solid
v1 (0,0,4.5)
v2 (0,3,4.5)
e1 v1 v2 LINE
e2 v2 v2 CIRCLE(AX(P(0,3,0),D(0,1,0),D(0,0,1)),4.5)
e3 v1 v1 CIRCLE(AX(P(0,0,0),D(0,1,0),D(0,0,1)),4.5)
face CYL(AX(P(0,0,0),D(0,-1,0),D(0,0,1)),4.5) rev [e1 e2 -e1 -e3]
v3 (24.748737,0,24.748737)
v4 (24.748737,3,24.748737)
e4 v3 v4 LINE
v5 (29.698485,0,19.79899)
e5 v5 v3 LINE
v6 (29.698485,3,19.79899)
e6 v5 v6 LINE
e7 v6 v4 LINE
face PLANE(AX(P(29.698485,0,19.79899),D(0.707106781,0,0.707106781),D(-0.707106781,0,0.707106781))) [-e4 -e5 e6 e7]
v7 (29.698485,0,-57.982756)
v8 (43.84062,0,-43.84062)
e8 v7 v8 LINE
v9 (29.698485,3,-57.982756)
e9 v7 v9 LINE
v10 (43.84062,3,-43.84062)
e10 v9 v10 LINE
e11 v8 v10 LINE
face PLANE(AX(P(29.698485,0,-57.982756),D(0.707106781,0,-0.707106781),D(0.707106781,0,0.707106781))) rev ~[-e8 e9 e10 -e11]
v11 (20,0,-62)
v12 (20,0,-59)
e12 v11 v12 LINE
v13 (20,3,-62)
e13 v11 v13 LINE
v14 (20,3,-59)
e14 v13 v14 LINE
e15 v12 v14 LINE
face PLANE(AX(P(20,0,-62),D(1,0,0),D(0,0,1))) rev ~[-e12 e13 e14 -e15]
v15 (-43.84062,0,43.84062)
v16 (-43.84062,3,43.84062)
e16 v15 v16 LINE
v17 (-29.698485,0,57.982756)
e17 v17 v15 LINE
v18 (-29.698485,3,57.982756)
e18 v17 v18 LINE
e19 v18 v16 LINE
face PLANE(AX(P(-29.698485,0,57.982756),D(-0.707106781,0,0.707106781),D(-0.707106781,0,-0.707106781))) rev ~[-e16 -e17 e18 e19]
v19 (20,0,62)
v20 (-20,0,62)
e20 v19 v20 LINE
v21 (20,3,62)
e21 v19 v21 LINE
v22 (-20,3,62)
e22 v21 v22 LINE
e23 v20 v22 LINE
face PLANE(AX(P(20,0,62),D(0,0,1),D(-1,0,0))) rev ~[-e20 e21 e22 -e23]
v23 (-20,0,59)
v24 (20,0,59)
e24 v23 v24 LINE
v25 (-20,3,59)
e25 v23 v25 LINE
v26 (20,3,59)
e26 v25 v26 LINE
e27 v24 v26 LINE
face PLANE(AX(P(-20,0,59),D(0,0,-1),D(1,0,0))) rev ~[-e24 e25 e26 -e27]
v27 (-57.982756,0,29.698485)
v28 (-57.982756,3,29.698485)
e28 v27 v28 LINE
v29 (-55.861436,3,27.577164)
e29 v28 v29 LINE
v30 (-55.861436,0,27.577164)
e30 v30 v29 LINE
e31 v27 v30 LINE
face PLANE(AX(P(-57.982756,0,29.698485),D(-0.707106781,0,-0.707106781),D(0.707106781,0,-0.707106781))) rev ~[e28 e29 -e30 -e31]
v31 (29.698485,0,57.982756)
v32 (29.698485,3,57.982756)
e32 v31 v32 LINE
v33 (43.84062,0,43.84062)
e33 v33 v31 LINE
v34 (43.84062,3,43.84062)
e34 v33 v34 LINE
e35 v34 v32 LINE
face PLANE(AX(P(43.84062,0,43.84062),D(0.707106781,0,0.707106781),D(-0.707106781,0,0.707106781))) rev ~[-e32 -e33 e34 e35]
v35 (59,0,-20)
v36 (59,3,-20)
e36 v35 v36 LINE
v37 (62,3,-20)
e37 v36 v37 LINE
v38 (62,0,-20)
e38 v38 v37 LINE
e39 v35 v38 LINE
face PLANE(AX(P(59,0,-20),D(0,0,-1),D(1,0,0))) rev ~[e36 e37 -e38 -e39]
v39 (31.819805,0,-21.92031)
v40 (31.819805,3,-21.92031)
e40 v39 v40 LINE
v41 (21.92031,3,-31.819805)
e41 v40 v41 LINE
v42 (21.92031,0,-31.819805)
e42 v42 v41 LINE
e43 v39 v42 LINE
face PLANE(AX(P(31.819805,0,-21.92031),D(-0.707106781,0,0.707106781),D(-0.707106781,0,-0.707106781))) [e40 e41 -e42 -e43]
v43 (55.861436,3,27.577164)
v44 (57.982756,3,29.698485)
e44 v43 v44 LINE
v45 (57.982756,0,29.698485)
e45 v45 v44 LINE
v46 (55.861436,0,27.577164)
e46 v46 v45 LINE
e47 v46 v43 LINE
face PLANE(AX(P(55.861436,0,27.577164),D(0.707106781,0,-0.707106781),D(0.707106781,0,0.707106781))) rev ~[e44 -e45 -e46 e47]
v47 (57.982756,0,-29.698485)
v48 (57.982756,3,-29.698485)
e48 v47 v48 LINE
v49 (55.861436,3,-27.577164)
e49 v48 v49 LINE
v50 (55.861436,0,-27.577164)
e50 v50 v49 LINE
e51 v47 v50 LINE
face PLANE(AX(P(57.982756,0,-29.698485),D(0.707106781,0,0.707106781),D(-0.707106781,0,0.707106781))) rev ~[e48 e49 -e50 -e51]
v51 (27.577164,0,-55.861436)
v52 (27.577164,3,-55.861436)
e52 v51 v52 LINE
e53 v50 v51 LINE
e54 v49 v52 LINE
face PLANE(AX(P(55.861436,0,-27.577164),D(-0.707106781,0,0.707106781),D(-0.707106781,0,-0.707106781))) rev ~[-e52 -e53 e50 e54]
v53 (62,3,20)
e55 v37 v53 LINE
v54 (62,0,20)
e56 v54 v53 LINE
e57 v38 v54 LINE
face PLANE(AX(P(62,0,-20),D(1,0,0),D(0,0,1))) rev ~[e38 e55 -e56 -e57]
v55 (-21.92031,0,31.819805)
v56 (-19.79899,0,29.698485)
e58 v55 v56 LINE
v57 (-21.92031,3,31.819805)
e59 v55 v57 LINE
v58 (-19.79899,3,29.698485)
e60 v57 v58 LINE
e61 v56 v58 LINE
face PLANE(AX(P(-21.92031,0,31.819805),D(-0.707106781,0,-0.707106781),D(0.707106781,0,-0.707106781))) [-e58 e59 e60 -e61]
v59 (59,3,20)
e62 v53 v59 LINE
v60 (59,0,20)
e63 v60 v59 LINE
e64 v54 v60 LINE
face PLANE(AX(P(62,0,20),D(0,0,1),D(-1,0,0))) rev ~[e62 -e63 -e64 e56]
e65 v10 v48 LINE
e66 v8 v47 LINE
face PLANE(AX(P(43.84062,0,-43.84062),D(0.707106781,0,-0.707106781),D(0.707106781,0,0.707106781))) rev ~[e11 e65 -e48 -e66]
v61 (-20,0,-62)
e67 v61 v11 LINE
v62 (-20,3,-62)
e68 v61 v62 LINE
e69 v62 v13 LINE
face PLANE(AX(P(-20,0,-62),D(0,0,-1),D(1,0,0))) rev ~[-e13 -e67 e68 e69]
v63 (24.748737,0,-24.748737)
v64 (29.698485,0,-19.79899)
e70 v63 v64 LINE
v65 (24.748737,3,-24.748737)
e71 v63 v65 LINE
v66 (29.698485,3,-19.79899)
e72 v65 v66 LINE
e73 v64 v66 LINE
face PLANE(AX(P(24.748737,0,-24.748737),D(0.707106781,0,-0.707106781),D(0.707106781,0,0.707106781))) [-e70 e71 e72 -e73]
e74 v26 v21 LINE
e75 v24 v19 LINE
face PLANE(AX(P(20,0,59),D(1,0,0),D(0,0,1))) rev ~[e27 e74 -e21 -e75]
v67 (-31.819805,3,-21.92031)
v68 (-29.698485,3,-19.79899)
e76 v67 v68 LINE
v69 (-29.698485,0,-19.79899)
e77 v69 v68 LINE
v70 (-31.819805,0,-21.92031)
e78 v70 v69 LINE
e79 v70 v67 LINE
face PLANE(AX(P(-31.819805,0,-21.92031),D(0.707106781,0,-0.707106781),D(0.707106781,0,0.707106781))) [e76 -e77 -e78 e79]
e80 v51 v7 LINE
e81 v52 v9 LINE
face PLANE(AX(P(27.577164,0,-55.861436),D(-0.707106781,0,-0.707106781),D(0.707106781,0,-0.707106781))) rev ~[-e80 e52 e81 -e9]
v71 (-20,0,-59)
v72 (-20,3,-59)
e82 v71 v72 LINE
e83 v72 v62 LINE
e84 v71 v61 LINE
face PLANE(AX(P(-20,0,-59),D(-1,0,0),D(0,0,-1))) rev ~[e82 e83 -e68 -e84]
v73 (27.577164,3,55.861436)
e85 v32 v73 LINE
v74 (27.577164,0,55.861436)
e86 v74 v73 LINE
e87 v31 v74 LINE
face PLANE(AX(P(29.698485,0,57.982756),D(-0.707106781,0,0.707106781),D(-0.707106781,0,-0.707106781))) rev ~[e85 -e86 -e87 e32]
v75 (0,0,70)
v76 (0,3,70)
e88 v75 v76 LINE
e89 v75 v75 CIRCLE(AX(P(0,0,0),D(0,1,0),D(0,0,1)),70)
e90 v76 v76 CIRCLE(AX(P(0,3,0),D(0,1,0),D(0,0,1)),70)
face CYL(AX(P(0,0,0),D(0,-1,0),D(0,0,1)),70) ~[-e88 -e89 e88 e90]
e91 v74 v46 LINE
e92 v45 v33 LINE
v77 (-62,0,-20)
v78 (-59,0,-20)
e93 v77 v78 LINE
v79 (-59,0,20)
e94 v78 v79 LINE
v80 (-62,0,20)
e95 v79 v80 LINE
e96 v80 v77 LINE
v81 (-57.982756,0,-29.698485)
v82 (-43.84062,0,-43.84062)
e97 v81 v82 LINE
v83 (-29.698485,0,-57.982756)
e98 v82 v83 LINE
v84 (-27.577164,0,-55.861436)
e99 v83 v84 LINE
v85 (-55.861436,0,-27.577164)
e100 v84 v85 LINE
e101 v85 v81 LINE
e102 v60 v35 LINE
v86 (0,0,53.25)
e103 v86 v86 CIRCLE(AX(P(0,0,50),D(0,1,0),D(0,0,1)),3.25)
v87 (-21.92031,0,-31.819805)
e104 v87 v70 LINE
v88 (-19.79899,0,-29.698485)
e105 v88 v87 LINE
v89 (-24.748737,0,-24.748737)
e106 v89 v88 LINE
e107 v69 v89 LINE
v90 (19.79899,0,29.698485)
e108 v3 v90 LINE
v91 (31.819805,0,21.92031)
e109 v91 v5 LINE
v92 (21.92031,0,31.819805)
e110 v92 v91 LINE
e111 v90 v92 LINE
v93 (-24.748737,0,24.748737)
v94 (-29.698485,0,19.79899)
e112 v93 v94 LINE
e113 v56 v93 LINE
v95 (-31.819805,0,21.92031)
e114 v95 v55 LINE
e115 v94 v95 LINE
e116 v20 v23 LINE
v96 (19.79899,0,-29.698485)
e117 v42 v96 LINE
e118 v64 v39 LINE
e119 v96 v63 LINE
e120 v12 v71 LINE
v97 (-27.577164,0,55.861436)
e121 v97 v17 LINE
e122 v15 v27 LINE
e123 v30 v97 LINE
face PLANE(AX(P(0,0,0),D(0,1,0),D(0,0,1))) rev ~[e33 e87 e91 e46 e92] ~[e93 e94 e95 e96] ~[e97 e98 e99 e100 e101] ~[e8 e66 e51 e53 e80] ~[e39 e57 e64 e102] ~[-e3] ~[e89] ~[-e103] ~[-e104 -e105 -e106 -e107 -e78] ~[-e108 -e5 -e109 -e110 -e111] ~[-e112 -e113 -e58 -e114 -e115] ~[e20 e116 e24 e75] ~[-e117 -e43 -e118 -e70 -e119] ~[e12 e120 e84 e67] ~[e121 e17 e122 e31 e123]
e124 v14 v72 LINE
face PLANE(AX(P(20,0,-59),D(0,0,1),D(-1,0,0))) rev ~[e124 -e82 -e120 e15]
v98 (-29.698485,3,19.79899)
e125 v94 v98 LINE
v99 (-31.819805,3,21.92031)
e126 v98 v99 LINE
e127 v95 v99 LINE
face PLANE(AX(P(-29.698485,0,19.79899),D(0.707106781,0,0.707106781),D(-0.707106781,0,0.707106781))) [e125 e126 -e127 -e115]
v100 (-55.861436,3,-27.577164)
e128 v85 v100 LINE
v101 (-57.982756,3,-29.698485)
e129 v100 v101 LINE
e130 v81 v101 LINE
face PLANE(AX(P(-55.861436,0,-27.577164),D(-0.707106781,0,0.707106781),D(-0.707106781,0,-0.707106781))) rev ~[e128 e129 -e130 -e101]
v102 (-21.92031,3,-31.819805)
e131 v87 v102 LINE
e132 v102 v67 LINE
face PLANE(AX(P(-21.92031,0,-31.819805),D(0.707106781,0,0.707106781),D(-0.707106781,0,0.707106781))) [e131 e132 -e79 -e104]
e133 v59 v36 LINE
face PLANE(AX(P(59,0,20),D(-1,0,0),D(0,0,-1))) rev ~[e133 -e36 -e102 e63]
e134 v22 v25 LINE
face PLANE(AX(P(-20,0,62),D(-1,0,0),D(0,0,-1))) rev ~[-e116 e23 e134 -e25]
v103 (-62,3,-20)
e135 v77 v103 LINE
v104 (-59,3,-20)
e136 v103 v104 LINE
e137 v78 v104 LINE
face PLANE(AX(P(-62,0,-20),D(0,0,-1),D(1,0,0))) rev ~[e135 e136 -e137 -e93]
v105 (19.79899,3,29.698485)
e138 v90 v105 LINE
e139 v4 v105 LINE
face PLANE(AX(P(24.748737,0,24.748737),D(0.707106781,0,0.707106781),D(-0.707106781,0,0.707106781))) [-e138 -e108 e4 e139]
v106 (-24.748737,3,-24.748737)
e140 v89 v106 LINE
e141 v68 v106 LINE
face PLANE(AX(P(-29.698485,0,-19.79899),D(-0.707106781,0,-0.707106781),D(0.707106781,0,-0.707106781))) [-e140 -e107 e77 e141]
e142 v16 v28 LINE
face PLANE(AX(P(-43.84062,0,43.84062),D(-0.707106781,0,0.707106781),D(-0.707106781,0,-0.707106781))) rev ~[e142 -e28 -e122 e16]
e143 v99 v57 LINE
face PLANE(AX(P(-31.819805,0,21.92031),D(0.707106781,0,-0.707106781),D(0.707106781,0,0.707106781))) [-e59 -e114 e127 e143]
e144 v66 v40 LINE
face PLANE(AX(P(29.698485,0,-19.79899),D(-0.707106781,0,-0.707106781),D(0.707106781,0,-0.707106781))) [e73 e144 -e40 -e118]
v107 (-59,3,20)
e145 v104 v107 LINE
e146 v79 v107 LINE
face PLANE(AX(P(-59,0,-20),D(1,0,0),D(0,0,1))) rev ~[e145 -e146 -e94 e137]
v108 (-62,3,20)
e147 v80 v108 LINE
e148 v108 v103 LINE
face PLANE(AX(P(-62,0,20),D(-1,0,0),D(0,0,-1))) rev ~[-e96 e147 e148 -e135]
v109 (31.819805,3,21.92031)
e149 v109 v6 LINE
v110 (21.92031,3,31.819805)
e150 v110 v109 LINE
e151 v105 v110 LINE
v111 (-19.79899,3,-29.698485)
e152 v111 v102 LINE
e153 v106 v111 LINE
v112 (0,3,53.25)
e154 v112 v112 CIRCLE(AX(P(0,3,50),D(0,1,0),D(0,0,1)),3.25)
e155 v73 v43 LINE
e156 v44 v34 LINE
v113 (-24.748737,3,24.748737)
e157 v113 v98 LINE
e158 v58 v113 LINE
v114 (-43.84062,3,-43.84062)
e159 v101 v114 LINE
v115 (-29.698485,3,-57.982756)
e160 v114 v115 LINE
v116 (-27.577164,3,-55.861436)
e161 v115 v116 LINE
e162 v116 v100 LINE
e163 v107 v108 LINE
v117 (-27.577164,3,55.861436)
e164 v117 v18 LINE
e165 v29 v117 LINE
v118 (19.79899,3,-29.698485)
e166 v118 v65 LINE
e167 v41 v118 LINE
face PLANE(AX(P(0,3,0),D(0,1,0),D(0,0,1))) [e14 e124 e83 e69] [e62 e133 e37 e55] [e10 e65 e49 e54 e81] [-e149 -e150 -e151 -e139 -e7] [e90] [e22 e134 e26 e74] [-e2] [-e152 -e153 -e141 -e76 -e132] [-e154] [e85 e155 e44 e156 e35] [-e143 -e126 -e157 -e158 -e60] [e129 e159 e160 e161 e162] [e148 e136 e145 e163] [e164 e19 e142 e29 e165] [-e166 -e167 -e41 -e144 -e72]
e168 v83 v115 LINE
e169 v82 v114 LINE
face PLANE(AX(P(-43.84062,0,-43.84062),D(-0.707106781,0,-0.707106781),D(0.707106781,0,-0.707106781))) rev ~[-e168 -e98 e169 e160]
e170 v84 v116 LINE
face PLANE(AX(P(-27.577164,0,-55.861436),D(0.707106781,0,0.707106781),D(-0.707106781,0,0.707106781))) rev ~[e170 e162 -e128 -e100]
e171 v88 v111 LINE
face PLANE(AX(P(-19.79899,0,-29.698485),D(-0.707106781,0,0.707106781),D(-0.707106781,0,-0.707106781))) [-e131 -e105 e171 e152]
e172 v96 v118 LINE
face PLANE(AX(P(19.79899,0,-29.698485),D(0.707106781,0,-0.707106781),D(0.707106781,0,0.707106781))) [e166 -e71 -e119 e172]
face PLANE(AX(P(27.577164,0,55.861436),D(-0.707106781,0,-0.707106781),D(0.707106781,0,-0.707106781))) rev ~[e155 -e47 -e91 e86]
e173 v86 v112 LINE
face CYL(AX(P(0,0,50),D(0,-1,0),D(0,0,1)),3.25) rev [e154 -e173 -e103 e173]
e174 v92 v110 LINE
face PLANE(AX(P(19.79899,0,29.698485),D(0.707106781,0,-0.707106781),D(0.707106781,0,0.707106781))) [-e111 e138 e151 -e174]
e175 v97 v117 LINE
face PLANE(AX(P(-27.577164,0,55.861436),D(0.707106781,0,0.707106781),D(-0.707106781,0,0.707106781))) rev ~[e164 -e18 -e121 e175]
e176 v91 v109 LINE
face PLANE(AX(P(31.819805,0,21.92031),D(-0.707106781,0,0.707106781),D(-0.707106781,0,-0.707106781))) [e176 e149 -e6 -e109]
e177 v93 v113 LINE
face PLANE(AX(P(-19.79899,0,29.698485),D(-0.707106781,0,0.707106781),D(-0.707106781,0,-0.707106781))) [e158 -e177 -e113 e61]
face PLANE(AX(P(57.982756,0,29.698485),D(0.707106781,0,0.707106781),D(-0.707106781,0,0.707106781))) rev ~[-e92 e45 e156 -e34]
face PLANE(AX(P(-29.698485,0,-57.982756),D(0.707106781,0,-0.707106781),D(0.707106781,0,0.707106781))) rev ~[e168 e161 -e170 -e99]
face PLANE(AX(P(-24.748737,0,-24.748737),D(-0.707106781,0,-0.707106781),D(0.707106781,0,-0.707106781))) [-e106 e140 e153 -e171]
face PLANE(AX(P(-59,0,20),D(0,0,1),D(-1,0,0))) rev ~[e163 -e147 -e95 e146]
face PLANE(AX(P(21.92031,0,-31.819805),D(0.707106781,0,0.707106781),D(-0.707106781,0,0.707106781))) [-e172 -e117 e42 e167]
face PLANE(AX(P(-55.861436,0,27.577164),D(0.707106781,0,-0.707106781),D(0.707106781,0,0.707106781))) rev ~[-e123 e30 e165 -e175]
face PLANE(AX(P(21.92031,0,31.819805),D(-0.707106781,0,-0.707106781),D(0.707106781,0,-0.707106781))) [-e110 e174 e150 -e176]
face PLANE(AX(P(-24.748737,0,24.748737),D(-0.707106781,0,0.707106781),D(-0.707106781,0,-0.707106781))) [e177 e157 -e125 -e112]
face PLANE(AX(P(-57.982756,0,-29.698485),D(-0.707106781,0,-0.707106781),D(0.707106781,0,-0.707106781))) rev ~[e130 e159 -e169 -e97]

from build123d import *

# Parameters (mm, degrees)
CROQUIS1_R              = 70
CROQUIS1_R_2            = 4.5
CROQUIS1_R_3            = 3.25
SALIENTE_EXTRUIR1_DEPTH = 3


with BuildPart() as part:
    # Croquis1 → Saliente-Extruir1 (new body)
    with BuildSketch(Plane(origin=(0, 0, 0), x_dir=(1, 0, 0), z_dir=(0, 1, 0))):
        with Locations(Location((0, 0, 0), (0, 0, 270))):
            Circle(CROQUIS1_R)
        with Locations(Location((0, 0, 0), (0, 0, 270))):
            Circle(CROQUIS1_R_2, mode=Mode.SUBTRACT)
        with Locations(Location((0, -50, 0), (0, 0, 270))):
            Circle(CROQUIS1_R_3, mode=Mode.SUBTRACT)
        Polygon((24.748737342, 24.748737342), (29.69848481, 19.798989873), (31.819805153, 21.920310217), (21.920310217, 31.819805153), (19.798989873, 29.69848481), align=None, mode=Mode.SUBTRACT)
        Polygon((24.748737342, -24.748737342), (19.798989873, -29.69848481), (21.920310217, -31.819805153), (31.819805153, -21.920310217), (29.69848481, -19.798989873), align=None, mode=Mode.SUBTRACT)
        Polygon((-24.748737342, 24.748737342), (-19.798989873, 29.69848481), (-21.920310217, 31.819805153), (-31.819805153, 21.920310217), (-29.69848481, 19.798989873), align=None, mode=Mode.SUBTRACT)
        Polygon((-24.748737342, -24.748737342), (-29.69848481, -19.798989873), (-31.819805153, -21.920310217), (-21.920310217, -31.819805153), (-19.798989873, -29.69848481), align=None, mode=Mode.SUBTRACT)
        Polygon((0, 62), (20, 62), (20, 59), (-20, 59), (-20, 62), align=None, mode=Mode.SUBTRACT)
        Polygon((55.861435714, 27.577164466), (27.577164466, 55.861435714), (29.69848481, 57.982756057), (43.840620434, 43.840620434), (57.982756057, 29.69848481), align=None, mode=Mode.SUBTRACT)
        Polygon((59, -20), (59, 20), (62, 20), (62, 0), (62, -20), align=None, mode=Mode.SUBTRACT)
        Polygon((27.577164466, -55.861435714), (55.861435714, -27.577164466), (57.982756057, -29.69848481), (43.840620434, -43.840620434), (29.69848481, -57.982756057), align=None, mode=Mode.SUBTRACT)
        Polygon((-20, -59), (20, -59), (20, -62), (0, -62), (-20, -62), align=None, mode=Mode.SUBTRACT)
        Polygon((-55.861435714, -27.577164466), (-27.577164466, -55.861435714), (-29.69848481, -57.982756057), (-43.840620434, -43.840620434), (-57.982756057, -29.69848481), align=None, mode=Mode.SUBTRACT)
        Polygon((-59, 20), (-59, -20), (-62, -20), (-62, 0), (-62, 20), align=None, mode=Mode.SUBTRACT)
        Polygon((-27.577164466, 55.861435714), (-55.861435714, 27.577164466), (-57.982756057, 29.69848481), (-43.840620434, 43.840620434), (-29.69848481, 57.982756057), align=None, mode=Mode.SUBTRACT)
    extrude(amount=SALIENTE_EXTRUIR1_DEPTH)


solid = part.part
